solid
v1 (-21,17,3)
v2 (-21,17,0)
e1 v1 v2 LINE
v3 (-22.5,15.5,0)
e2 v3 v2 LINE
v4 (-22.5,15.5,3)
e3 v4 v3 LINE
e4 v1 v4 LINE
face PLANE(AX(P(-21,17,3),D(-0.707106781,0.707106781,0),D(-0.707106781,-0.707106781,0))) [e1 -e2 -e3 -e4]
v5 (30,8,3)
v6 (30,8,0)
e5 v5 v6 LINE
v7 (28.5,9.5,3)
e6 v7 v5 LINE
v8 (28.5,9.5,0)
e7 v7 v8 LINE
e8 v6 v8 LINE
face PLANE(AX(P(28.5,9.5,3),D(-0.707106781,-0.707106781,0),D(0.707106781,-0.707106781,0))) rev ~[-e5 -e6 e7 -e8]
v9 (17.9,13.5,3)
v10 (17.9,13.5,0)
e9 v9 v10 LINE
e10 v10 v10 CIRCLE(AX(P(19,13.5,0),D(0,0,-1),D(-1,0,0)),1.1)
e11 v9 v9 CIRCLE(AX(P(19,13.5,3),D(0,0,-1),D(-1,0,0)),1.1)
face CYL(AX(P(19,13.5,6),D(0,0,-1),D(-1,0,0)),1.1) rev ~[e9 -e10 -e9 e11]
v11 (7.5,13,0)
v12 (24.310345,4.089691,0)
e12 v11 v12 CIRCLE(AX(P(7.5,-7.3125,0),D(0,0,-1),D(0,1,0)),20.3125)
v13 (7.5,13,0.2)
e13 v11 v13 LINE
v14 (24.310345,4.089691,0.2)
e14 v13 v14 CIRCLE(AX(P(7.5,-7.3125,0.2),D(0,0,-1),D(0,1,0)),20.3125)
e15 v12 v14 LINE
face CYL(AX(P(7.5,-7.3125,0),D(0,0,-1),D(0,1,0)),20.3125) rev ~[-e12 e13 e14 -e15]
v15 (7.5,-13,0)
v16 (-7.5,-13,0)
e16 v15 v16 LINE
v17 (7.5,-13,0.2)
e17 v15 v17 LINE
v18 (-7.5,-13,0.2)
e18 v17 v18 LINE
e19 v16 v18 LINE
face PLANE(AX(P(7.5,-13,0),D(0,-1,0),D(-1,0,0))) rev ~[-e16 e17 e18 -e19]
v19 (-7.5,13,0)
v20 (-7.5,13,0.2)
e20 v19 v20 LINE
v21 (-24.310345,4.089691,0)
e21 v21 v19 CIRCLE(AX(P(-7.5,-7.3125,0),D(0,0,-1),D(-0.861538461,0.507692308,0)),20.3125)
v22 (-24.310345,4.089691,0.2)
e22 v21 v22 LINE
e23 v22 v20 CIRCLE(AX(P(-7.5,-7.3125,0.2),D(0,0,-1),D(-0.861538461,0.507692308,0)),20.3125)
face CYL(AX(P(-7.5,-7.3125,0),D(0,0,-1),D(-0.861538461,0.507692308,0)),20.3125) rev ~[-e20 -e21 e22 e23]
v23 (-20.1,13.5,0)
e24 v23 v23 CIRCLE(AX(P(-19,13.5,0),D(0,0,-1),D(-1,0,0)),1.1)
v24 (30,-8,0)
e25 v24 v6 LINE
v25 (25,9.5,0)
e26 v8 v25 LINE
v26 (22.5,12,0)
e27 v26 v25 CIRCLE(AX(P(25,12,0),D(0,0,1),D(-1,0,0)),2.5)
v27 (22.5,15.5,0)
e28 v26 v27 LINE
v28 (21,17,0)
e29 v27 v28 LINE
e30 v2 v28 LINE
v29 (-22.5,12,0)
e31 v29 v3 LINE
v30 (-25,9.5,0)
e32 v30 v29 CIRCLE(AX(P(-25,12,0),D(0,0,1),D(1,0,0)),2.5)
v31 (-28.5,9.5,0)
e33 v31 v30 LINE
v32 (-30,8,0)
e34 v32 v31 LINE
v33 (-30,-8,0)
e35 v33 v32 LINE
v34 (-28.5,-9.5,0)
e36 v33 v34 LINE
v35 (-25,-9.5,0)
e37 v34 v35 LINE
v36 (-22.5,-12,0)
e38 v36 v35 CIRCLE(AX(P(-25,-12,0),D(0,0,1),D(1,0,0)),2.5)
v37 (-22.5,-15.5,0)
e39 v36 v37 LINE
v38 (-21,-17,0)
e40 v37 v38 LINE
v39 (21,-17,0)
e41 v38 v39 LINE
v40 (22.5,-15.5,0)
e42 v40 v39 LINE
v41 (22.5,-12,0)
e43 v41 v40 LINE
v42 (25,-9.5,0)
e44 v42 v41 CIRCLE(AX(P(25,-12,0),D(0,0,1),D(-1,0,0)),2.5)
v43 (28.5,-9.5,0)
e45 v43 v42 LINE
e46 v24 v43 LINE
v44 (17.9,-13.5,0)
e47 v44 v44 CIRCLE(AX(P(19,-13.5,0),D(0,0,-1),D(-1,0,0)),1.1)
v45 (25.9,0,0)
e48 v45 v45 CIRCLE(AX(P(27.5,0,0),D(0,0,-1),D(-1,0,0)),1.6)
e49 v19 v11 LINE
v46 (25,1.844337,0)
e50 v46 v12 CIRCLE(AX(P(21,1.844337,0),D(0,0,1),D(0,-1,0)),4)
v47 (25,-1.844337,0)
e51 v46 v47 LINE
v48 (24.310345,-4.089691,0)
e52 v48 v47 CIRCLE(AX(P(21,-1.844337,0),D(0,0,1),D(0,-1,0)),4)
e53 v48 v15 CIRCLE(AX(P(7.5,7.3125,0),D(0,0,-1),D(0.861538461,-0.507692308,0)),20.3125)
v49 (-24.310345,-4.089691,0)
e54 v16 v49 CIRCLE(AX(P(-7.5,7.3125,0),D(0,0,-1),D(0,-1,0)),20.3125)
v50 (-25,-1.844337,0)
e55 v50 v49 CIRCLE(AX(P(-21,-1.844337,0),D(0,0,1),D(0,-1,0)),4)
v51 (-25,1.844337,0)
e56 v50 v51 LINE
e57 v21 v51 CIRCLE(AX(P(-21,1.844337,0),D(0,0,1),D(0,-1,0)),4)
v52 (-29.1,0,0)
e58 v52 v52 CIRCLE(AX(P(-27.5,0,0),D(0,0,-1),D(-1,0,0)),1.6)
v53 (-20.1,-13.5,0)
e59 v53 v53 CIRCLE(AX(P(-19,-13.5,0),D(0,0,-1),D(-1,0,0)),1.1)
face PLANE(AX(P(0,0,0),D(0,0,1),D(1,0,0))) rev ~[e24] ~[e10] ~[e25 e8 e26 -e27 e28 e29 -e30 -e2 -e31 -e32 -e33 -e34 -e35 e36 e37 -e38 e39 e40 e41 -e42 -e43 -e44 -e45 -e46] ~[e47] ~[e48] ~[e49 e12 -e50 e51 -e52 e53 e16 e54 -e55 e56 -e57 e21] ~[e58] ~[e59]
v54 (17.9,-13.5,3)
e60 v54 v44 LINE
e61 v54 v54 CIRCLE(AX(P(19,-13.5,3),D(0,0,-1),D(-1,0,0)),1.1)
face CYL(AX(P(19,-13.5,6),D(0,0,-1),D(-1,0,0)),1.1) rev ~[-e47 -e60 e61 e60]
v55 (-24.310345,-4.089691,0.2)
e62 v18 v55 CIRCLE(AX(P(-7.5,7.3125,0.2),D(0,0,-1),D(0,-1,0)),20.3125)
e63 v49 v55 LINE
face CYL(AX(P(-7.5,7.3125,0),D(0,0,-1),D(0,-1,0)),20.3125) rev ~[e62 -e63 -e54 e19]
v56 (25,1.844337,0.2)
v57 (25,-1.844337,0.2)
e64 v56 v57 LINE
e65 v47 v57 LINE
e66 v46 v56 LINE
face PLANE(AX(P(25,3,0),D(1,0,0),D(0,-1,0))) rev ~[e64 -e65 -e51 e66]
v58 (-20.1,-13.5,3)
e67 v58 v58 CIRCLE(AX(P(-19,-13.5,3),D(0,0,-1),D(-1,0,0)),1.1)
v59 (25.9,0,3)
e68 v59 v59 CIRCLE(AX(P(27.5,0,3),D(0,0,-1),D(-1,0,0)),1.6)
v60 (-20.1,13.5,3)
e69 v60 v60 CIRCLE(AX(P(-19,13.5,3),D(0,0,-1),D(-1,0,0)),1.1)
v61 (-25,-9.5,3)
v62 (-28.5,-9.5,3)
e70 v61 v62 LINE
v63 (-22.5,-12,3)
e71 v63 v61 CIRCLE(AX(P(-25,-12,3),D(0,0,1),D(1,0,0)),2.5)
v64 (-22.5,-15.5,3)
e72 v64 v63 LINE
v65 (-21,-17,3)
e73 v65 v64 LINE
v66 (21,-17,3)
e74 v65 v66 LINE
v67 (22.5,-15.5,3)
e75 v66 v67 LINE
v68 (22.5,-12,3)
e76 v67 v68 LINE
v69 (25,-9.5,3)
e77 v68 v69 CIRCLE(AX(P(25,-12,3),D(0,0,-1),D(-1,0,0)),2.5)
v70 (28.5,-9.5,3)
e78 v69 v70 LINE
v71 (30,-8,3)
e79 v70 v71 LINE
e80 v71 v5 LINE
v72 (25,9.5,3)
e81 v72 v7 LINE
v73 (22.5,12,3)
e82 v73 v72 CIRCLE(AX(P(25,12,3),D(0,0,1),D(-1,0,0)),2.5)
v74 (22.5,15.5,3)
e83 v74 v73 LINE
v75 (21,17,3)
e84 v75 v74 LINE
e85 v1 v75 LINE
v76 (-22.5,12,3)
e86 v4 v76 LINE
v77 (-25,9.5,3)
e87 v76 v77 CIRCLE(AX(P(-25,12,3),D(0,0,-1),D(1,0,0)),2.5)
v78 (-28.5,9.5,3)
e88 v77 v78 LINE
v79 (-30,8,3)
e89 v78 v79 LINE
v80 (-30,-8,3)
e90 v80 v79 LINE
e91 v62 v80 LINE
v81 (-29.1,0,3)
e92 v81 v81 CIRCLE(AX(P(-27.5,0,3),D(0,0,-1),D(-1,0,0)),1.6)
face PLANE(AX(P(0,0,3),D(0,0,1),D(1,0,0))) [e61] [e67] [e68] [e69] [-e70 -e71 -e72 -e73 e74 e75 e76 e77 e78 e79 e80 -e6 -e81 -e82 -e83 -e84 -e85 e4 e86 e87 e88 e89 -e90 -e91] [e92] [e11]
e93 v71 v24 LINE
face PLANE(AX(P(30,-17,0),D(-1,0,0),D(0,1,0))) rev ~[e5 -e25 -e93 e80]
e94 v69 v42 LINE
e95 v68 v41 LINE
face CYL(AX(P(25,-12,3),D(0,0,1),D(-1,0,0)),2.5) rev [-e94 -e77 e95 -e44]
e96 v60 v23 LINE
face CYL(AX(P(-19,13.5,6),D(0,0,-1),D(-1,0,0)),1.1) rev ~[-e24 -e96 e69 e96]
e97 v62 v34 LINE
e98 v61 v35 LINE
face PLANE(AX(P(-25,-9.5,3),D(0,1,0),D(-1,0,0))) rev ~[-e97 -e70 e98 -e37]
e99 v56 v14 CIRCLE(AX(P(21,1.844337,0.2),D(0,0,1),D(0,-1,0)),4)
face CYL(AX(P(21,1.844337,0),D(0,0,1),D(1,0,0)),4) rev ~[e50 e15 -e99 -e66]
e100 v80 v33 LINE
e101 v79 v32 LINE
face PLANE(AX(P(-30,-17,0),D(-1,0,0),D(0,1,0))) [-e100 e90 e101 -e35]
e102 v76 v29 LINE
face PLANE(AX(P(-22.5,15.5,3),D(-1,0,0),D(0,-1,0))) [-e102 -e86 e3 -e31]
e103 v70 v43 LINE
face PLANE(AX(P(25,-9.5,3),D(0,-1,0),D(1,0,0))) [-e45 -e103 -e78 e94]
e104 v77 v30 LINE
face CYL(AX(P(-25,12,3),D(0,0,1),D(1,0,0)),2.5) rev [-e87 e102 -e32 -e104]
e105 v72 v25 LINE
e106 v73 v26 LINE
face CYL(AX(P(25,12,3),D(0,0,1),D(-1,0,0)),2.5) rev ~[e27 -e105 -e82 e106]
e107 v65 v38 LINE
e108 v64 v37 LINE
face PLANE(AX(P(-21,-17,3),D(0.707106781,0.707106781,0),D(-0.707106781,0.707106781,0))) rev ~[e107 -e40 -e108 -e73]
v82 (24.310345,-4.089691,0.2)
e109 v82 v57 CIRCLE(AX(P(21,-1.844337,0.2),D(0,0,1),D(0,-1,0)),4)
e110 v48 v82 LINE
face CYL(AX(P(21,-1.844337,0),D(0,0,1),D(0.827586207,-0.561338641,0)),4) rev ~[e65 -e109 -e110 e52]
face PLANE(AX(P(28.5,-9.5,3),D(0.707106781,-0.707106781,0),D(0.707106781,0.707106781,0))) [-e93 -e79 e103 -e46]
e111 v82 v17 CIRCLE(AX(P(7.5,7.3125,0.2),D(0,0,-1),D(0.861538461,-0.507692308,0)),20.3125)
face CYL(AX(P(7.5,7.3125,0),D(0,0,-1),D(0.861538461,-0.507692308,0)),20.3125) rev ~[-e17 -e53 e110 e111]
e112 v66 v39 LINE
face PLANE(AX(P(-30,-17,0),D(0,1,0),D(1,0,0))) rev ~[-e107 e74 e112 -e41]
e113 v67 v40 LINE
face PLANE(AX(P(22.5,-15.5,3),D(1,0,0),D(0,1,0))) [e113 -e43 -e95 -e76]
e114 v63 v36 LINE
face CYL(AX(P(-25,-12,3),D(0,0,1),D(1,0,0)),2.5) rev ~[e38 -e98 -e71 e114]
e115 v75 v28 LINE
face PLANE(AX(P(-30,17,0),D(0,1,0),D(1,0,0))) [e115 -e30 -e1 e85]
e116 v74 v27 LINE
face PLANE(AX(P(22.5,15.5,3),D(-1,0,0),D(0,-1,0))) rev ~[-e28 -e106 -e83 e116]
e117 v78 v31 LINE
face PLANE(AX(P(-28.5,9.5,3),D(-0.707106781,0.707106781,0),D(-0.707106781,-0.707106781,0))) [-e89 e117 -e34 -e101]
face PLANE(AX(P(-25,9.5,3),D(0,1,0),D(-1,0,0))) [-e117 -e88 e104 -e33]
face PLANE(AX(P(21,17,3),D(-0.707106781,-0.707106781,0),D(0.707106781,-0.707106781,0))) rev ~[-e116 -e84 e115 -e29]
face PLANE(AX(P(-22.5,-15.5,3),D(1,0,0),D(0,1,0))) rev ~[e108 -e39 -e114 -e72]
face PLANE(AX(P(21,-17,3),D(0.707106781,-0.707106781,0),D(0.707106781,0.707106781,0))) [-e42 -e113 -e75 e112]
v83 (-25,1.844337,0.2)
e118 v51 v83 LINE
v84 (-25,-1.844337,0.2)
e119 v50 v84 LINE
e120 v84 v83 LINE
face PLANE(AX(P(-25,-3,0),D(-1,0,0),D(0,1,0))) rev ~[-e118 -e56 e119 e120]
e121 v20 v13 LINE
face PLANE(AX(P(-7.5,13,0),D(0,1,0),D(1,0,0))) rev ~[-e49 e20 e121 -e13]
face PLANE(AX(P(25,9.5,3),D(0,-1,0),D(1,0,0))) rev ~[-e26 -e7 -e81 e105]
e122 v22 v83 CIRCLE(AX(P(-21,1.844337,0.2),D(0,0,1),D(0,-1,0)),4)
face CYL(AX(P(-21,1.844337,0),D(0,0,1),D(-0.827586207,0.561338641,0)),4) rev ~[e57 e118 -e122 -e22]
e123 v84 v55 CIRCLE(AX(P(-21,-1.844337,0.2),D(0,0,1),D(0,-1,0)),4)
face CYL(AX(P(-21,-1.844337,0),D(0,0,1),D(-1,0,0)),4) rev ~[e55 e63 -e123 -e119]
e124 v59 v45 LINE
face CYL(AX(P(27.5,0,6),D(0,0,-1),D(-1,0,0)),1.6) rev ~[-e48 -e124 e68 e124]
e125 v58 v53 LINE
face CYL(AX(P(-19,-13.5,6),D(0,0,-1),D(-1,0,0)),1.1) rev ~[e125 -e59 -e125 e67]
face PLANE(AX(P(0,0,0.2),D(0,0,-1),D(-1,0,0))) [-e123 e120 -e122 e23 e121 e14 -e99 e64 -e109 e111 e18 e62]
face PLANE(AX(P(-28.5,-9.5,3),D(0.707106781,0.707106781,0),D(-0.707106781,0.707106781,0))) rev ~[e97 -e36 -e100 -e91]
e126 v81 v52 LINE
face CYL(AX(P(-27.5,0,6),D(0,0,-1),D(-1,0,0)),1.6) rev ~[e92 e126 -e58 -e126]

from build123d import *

# Parameters (mm, degrees)
SKETCH1_W                = 60
SKETCH1_H                = 34
BOSS_EXTRUDE1_DEPTH      = 3
CUT_EXTRUDE1_REACH       = 5
M2_CLEARANCE_HOLE1_D     = 2.2
M2_CLEARANCE_HOLE1_DEPTH = 3
M3_CLEARANCE_HOLE1_D     = 3.2
M3_CLEARANCE_HOLE1_DEPTH = 3
CUT_EXTRUDE2_DEPTH       = 0.2
FILLET2_R                = 4


with BuildPart() as part:
    # Sketch1 → Boss-Extrude1 (new body)
    with BuildSketch(Plane.XY):
        Rectangle(SKETCH1_W, SKETCH1_H)
    extrude(amount=BOSS_EXTRUDE1_DEPTH)

    # Sketch2 → Cut-Extrude1 (cut, up to next)
    with BuildSketch(Plane.XY.offset(3), mode=Mode.PRIVATE) as cut_extrude1_sk1:
        with BuildLine():
            Line((21, 17), (22.5, 15.5))
            Line((22.5, 15.5), (22.5, 12))
            ThreePointArc((22.5, 12), (23.232233047, 10.232233047), (25, 9.5))
            Line((25, 9.5), (28.5, 9.5))
            Line((28.5, 9.5), (30, 8))
            Line((30, 8), (30, 17))
            Line((30, 17), (21, 17))
        make_face()
    cut_extrude1_tool1 = extrude(cut_extrude1_sk1.sketch, amount=-CUT_EXTRUDE1_REACH, mode=Mode.PRIVATE) & part.part
    add(cut_extrude1_tool1.solids().sort_by_distance((26.30521, 13.30521, 3))[0], mode=Mode.SUBTRACT)
    # Sketch2 → Cut-Extrude1 (cut, up to next)
    with BuildSketch(Plane.XY.offset(3), mode=Mode.PRIVATE) as cut_extrude1_sk2:
        with BuildLine():
            Line((-30, 17), (-21, 17))
            Line((-21, 17), (-22.5, 15.5))
            Line((-22.5, 15.5), (-22.5, 12))
            ThreePointArc((-22.5, 12), (-23.232233047, 10.232233047), (-25, 9.5))
            Line((-25, 9.5), (-28.5, 9.5))
            Line((-28.5, 9.5), (-30, 8))
            Line((-30, 8), (-30, 17))
        make_face()
    cut_extrude1_tool2 = extrude(cut_extrude1_sk2.sketch, amount=-CUT_EXTRUDE1_REACH, mode=Mode.PRIVATE) & part.part
    add(cut_extrude1_tool2.solids().sort_by_distance((-26.30521, 13.30521, 3))[0], mode=Mode.SUBTRACT)
    # Sketch2 → Cut-Extrude1 (cut, up to next)
    with BuildSketch(Plane.XY.offset(3), mode=Mode.PRIVATE) as cut_extrude1_sk3:
        with BuildLine():
            Line((30, -8), (30, -17))
            Line((30, -17), (21, -17))
            Line((21, -17), (22.5, -15.5))
            Line((22.5, -15.5), (22.5, -12))
            ThreePointArc((22.5, -12), (23.232233047, -10.232233047), (25, -9.5))
            Line((25, -9.5), (28.5, -9.5))
            Line((28.5, -9.5), (30, -8))
        make_face()
    cut_extrude1_tool3 = extrude(cut_extrude1_sk3.sketch, amount=-CUT_EXTRUDE1_REACH, mode=Mode.PRIVATE) & part.part
    add(cut_extrude1_tool3.solids().sort_by_distance((26.30521, -13.30521, 3))[0], mode=Mode.SUBTRACT)
    # Sketch2 → Cut-Extrude1 (cut, up to next)
    with BuildSketch(Plane.XY.offset(3), mode=Mode.PRIVATE) as cut_extrude1_sk4:
        with BuildLine():
            Line((-22.5, -15.5), (-22.5, -12))
            ThreePointArc((-22.5, -12), (-23.232233047, -10.232233047), (-25, -9.5))
            Line((-25, -9.5), (-28.5, -9.5))
            Line((-28.5, -9.5), (-30, -8))
            Line((-30, -8), (-30, -17))
            Line((-30, -17), (-21, -17))
            Line((-21, -17), (-22.5, -15.5))
        make_face()
    cut_extrude1_tool4 = extrude(cut_extrude1_sk4.sketch, amount=-CUT_EXTRUDE1_REACH, mode=Mode.PRIVATE) & part.part
    add(cut_extrude1_tool4.solids().sort_by_distance((-26.30521, -13.30521, 3))[0], mode=Mode.SUBTRACT)

    # M2 Clearance Hole1
    with Locations(Plane.XY.offset(3)):
        with Locations((19, 13.5), (-19, -13.5), (-19, 13.5), (19, -13.5)):
            Hole(M2_CLEARANCE_HOLE1_D / 2, depth=M2_CLEARANCE_HOLE1_DEPTH)

    # M3 Clearance Hole1
    with Locations(Plane.XY.offset(3)):
        with Locations((-27.5, 0), (27.5, 0)):
            Hole(M3_CLEARANCE_HOLE1_D / 2, depth=M3_CLEARANCE_HOLE1_DEPTH)

    # Sketch7 → Cut-Extrude2 (cut)
    with BuildSketch(Plane(origin=(0, 0, 0), x_dir=(-1, 0, 0), z_dir=(0, 0, -1))):
        with BuildLine():
            Line((-7.5, -13), (7.5, -13))
            ThreePointArc((7.5, -13), (17.577822185, -10.323688824), (25, -3))
            Line((25, -3), (25, 3))
            ThreePointArc((25, 3), (17.577822185, 10.323688824), (7.5, 13))
            Line((7.5, 13), (-7.5, 13))
            ThreePointArc((-7.5, 13), (-17.577822185, 10.323688824), (-25, 3))
            Line((-25, 3), (-25, -3))
            ThreePointArc((-25, -3), (-17.577822185, -10.323688824), (-7.5, -13))
        make_face()
    extrude(amount=-CUT_EXTRUDE2_DEPTH, mode=Mode.SUBTRACT)

    # Fillet2
    fillet2_edges = [part.edges().sort_by_distance(p)[0] for p in [
        (25, -3, 0.1),
        (25, 3, 0.1),
        (-25, 3, 0.1),
        (-25, -3, 0.1),
    ]]
    fillet(fillet2_edges, radius=FILLET2_R)


solid = part.part
